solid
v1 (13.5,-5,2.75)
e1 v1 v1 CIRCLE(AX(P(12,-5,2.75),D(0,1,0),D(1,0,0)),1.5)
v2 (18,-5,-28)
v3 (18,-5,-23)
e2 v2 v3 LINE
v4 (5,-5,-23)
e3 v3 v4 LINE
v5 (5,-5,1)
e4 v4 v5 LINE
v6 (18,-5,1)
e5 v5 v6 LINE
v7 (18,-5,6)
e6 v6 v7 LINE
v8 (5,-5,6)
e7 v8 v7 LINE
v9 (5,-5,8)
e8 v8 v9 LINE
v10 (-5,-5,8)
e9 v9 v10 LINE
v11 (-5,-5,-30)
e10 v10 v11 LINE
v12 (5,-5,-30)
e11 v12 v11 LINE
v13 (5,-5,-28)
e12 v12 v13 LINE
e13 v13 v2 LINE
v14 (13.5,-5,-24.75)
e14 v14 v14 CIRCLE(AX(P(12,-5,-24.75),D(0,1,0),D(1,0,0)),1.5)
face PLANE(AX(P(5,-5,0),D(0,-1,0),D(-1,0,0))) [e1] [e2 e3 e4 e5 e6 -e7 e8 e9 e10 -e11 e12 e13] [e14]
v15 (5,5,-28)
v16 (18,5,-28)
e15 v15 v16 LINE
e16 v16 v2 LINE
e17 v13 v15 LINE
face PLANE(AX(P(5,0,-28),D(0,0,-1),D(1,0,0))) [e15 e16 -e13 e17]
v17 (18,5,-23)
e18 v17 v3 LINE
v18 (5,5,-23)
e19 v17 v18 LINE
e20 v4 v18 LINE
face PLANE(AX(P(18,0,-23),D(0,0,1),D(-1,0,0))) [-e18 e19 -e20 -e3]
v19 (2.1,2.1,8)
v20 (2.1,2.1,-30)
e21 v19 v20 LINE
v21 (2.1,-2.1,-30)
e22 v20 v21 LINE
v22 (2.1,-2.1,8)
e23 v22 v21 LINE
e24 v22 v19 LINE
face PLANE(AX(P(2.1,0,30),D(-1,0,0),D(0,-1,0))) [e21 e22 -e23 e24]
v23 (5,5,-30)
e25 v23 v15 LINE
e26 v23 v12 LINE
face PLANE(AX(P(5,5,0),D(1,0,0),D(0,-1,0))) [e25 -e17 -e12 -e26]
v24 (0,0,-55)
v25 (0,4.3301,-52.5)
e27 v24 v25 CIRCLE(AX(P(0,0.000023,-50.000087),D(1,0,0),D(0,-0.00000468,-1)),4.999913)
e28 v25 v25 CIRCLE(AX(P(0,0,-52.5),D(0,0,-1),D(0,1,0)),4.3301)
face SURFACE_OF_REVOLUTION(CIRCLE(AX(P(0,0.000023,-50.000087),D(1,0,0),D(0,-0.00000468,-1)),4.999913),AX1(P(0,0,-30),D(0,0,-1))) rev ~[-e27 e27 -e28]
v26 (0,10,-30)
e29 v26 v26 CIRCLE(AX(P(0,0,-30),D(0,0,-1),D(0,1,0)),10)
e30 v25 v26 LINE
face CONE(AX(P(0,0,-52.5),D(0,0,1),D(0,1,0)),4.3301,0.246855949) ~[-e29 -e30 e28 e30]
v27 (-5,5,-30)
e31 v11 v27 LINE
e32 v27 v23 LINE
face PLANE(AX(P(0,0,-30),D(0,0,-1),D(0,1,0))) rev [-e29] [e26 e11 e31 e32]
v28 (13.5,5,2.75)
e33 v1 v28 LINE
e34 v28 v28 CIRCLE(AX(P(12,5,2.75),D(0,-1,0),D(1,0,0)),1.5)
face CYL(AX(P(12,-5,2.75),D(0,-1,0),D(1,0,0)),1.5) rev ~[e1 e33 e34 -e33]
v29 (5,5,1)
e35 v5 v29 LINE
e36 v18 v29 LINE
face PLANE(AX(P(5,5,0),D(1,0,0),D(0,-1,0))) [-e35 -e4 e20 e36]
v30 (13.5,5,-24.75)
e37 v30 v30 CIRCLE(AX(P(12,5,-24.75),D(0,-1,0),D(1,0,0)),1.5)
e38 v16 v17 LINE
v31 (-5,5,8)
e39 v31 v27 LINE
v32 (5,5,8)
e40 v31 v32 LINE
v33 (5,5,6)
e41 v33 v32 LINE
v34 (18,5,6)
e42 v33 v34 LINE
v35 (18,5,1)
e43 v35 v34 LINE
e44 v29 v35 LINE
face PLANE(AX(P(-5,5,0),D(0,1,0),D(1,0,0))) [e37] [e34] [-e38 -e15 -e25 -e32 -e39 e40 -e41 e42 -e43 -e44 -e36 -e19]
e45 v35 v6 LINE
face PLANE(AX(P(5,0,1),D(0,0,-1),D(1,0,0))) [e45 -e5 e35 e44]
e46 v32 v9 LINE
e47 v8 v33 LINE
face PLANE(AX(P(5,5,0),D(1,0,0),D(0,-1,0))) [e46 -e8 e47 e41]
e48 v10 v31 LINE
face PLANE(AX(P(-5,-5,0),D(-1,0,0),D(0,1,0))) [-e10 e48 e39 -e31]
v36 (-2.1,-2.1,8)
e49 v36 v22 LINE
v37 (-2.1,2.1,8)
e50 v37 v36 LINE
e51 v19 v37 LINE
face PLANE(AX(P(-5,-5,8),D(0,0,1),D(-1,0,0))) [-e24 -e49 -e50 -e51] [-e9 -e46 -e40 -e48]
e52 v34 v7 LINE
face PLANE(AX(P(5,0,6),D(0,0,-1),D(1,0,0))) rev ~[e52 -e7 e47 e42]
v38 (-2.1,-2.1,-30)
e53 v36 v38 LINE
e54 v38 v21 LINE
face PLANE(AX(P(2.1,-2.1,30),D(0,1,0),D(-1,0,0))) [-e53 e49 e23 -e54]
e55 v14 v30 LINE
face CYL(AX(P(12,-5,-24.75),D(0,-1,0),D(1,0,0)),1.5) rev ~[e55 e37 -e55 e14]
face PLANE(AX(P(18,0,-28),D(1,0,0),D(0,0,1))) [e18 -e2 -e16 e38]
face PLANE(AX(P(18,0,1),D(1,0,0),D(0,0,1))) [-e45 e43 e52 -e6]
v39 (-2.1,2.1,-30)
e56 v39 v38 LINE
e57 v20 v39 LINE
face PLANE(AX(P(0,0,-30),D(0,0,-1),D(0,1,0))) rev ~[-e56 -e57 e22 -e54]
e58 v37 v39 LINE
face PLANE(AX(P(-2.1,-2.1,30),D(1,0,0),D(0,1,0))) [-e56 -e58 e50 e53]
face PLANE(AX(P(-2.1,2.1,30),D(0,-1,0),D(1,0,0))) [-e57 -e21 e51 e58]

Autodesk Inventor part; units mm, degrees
ref_plane "YZ Plane" through (0, 0, 0) normal (1, 0, 0) x (0, 1, 0)
ref_plane "XZ Plane" through (0, 0, 0) normal (0, 1, 0) x (-1, 0, 0)
sketch "Sketch1" plane through (0, 0, 0) normal (0, 0, 1) x (1, 0, 0)
  line L0 (3.15, -3.15) -> (-3.15, -3.15)
  line L1 (-3.15, -3.15) -> (-3.15, 3.15)
  line L2 (-3.15, 3.15) -> (3.15, 3.15)
  line L3 (3.15, 3.15) -> (3.15, -3.15)
  line L4 (3.15, -3.15) -> (-3.15, 3.15) construction
  line L5 (-3.15, -3.15) -> (3.15, 3.15) construction
  line L6 (5, -5) -> (-5, -5)
  line L7 (-5, -5) -> (-5, 5)
  line L8 (-5, 5) -> (5, 5)
  line L9 (5, 5) -> (5, -5)
  line L10 (5, -5) -> (-5, 5) construction
  line L11 (-5, -5) -> (5, 5) construction
  point P0 (0, 0)
  dimension "d0" = 6.3
  dimension "d1" = 6.3
  dimension "d2" = 10
  dimension "d3" = 10
extrude "Extrusion1" add sketch "Sketch1" along normal mid plane 60
sketch "Sketch3" plane through (0, 0, 0) normal (1, 0, 0) x (0, 1, 0)
  line L0 (5, -30) -> (-5, -30) projected
  line L1 (0, -30) -> (0, -50)
  line L2 (0, -30) -> (10, -30)
  arc A0 (0, -55) -> (4.3301, -52.5) centre (0, -50) ccw
  line L3 (0, -55) -> (0, -30)
  line L4 (4.3301, -52.5) -> (10, -30)
  point P0 (0, 0)
  dimension "d19" = 20
  dimension "d20" = 10
  dimension "d21" = 10
  dimension "d22" = 5
revolve "Revolution1" add sketch "Sketch3" angle 360 about axis through (0, 0, -30) along (0, 0, -1)
sketch "Sketch4" plane through (0, 0, 0) normal (0, 1, 0) x (-1, 0, 0)
  point P0 (0, 0)
sketch "Sketch5" plane through (0, 0, 0) normal (0, 1, 0) x (-1, 0, 0)
  line L0 (-5, -30) -> (-5, 30) projected
  line L1 (-5, 0) -> (-5, -23)
  line L2 (-5, 30) -> (-5, -30) projected
  line L3 (-5, 0) -> (-5, 1)
  line L4 (-5, 1) -> (-5, 6)
  line L5 (-5, 6) -> (-18, 6)
  line L6 (-5, -23) -> (-5, -28)
  line L7 (-5, -28) -> (-18, -28)
  line L8 (-18, -28) -> (-18, -23)
  line L9 (-18, -23) -> (-5, -23)
  line L10 (-5, 1) -> (-18, 1)
  line L11 (-18, 1) -> (-18, 6)
  point P0 (-5, 6)
  point P1 (-5, -28)
  point P2 (-5, -23)
  point P3 (-5, 1)
  dimension "d135" = 23
  dimension "d136" = 1
  dimension "d138" = 13
  dimension "d139" = 5
  dimension "d140" = 13
  dimension "d141" = 5
  dimension "d143" = 5
extrude "Extrusion2" add sketch "Sketch5" along normal mid plane 10
sketch "Sketch7" plane through (-5, -5, 30) normal (0, -1, 0) x (1, 0, 0)
  line L0 (10, 0) -> (10, -60) projected
  line L1 (23, -53) -> (10, -53) projected
  line L2 (10, -53) -> (10, -29) projected
  line L3 (10, -53) -> (10, -29)
  line L4 (10, -29) -> (10, -27.25)
  line L5 (10, -29) -> (23, -29) projected
  line L6 (10, -27.25) -> (10, -29)
  line L7 (10, -53) -> (10, -54.75)
  line L8 (10, -54.75) -> (17, -54.75)
  line L9 (10, -27.25) -> (17, -27.25)
  circle A0 centre (17, -54.75) radius 1.5
  circle A1 centre (17, -27.25) radius 1.5
  point P0 (10, -23.5)
  point P1 (10, -48.5)
  dimension "d144" = 24
  dimension "d145" = 1.75
  dimension "d146" = 1.75
  dimension "d147" = 7
  dimension "d148" = 7
  dimension "d149" = 3
  dimension "d150" = 3
extrude "Extrusion3" cut sketch "Sketch7" against normal through all
sketch "Sketch19" plane through (0, 0, 30) normal (0, 0, 1) x (1, 0, 0)
  line L0 (0, 0) -> (2.1, 0)
  line L1 (2.1, 0) -> (2.1, -2.1)
  line L2 (2.1, -2.1) -> (-2.1, -2.1)
  line L3 (-2.1, -2.1) -> (-2.1, 2.1)
  line L4 (-2.1, 2.1) -> (2.1, 2.1)
  line L5 (2.1, 2.1) -> (2.1, 0)
  line L6 (3.15, 3.15) -> (-3.15, 3.15) projected
  line L7 (2.1, 2.1) -> (3.15, 3.15)
  line L8 (3.15, -3.15) -> (3.15, 3.15) projected
  line L9 (3.15, 3.15) -> (3.15, -3.15)
  line L10 (3.15, -3.15) -> (-3.15, -3.15)
  line L11 (-3.15, -3.15) -> (-3.15, 3.15)
  line L12 (-3.15, 3.15) -> (3.15, 3.15)
  point P0 (-3.15, 3.15)
  dimension "d151" = 2.1
  dimension "d152" = 2.1
  dimension "d153" = 4.2
  dimension "d154" = 4.2
extrude "Extrusion13" add sketch "Sketch19" against normal blind 80
ref_plane "Work Plane2" through (0, 0, -26) normal (0, 0, 1) x (1, 0, 0)
sketch "Sketch22" plane through (-5, -5, 30) normal (0, -1, 0) x (1, 0, 0)
  line L0 (0, -60) -> (0, 0) projected
  line L1 (10, -24) -> (23, -24) projected
  line L2 (-4.5508, 0) -> (19.955, 0)
  line L3 (19.955, 0) -> (19.955, -22)
  line L4 (19.955, -22) -> (-10.1203, -22)
  line L5 (-10.1203, -22) -> (-10.1203, 0)
  line L6 (-10.1203, 0) -> (19.955, 0)
  point P0 (5, -30)
  point P1 (0, -31)
  dimension "d176" = 22
extrude "Extrusion16" cut sketch "Sketch22" against normal through all
properties part number "fot"
